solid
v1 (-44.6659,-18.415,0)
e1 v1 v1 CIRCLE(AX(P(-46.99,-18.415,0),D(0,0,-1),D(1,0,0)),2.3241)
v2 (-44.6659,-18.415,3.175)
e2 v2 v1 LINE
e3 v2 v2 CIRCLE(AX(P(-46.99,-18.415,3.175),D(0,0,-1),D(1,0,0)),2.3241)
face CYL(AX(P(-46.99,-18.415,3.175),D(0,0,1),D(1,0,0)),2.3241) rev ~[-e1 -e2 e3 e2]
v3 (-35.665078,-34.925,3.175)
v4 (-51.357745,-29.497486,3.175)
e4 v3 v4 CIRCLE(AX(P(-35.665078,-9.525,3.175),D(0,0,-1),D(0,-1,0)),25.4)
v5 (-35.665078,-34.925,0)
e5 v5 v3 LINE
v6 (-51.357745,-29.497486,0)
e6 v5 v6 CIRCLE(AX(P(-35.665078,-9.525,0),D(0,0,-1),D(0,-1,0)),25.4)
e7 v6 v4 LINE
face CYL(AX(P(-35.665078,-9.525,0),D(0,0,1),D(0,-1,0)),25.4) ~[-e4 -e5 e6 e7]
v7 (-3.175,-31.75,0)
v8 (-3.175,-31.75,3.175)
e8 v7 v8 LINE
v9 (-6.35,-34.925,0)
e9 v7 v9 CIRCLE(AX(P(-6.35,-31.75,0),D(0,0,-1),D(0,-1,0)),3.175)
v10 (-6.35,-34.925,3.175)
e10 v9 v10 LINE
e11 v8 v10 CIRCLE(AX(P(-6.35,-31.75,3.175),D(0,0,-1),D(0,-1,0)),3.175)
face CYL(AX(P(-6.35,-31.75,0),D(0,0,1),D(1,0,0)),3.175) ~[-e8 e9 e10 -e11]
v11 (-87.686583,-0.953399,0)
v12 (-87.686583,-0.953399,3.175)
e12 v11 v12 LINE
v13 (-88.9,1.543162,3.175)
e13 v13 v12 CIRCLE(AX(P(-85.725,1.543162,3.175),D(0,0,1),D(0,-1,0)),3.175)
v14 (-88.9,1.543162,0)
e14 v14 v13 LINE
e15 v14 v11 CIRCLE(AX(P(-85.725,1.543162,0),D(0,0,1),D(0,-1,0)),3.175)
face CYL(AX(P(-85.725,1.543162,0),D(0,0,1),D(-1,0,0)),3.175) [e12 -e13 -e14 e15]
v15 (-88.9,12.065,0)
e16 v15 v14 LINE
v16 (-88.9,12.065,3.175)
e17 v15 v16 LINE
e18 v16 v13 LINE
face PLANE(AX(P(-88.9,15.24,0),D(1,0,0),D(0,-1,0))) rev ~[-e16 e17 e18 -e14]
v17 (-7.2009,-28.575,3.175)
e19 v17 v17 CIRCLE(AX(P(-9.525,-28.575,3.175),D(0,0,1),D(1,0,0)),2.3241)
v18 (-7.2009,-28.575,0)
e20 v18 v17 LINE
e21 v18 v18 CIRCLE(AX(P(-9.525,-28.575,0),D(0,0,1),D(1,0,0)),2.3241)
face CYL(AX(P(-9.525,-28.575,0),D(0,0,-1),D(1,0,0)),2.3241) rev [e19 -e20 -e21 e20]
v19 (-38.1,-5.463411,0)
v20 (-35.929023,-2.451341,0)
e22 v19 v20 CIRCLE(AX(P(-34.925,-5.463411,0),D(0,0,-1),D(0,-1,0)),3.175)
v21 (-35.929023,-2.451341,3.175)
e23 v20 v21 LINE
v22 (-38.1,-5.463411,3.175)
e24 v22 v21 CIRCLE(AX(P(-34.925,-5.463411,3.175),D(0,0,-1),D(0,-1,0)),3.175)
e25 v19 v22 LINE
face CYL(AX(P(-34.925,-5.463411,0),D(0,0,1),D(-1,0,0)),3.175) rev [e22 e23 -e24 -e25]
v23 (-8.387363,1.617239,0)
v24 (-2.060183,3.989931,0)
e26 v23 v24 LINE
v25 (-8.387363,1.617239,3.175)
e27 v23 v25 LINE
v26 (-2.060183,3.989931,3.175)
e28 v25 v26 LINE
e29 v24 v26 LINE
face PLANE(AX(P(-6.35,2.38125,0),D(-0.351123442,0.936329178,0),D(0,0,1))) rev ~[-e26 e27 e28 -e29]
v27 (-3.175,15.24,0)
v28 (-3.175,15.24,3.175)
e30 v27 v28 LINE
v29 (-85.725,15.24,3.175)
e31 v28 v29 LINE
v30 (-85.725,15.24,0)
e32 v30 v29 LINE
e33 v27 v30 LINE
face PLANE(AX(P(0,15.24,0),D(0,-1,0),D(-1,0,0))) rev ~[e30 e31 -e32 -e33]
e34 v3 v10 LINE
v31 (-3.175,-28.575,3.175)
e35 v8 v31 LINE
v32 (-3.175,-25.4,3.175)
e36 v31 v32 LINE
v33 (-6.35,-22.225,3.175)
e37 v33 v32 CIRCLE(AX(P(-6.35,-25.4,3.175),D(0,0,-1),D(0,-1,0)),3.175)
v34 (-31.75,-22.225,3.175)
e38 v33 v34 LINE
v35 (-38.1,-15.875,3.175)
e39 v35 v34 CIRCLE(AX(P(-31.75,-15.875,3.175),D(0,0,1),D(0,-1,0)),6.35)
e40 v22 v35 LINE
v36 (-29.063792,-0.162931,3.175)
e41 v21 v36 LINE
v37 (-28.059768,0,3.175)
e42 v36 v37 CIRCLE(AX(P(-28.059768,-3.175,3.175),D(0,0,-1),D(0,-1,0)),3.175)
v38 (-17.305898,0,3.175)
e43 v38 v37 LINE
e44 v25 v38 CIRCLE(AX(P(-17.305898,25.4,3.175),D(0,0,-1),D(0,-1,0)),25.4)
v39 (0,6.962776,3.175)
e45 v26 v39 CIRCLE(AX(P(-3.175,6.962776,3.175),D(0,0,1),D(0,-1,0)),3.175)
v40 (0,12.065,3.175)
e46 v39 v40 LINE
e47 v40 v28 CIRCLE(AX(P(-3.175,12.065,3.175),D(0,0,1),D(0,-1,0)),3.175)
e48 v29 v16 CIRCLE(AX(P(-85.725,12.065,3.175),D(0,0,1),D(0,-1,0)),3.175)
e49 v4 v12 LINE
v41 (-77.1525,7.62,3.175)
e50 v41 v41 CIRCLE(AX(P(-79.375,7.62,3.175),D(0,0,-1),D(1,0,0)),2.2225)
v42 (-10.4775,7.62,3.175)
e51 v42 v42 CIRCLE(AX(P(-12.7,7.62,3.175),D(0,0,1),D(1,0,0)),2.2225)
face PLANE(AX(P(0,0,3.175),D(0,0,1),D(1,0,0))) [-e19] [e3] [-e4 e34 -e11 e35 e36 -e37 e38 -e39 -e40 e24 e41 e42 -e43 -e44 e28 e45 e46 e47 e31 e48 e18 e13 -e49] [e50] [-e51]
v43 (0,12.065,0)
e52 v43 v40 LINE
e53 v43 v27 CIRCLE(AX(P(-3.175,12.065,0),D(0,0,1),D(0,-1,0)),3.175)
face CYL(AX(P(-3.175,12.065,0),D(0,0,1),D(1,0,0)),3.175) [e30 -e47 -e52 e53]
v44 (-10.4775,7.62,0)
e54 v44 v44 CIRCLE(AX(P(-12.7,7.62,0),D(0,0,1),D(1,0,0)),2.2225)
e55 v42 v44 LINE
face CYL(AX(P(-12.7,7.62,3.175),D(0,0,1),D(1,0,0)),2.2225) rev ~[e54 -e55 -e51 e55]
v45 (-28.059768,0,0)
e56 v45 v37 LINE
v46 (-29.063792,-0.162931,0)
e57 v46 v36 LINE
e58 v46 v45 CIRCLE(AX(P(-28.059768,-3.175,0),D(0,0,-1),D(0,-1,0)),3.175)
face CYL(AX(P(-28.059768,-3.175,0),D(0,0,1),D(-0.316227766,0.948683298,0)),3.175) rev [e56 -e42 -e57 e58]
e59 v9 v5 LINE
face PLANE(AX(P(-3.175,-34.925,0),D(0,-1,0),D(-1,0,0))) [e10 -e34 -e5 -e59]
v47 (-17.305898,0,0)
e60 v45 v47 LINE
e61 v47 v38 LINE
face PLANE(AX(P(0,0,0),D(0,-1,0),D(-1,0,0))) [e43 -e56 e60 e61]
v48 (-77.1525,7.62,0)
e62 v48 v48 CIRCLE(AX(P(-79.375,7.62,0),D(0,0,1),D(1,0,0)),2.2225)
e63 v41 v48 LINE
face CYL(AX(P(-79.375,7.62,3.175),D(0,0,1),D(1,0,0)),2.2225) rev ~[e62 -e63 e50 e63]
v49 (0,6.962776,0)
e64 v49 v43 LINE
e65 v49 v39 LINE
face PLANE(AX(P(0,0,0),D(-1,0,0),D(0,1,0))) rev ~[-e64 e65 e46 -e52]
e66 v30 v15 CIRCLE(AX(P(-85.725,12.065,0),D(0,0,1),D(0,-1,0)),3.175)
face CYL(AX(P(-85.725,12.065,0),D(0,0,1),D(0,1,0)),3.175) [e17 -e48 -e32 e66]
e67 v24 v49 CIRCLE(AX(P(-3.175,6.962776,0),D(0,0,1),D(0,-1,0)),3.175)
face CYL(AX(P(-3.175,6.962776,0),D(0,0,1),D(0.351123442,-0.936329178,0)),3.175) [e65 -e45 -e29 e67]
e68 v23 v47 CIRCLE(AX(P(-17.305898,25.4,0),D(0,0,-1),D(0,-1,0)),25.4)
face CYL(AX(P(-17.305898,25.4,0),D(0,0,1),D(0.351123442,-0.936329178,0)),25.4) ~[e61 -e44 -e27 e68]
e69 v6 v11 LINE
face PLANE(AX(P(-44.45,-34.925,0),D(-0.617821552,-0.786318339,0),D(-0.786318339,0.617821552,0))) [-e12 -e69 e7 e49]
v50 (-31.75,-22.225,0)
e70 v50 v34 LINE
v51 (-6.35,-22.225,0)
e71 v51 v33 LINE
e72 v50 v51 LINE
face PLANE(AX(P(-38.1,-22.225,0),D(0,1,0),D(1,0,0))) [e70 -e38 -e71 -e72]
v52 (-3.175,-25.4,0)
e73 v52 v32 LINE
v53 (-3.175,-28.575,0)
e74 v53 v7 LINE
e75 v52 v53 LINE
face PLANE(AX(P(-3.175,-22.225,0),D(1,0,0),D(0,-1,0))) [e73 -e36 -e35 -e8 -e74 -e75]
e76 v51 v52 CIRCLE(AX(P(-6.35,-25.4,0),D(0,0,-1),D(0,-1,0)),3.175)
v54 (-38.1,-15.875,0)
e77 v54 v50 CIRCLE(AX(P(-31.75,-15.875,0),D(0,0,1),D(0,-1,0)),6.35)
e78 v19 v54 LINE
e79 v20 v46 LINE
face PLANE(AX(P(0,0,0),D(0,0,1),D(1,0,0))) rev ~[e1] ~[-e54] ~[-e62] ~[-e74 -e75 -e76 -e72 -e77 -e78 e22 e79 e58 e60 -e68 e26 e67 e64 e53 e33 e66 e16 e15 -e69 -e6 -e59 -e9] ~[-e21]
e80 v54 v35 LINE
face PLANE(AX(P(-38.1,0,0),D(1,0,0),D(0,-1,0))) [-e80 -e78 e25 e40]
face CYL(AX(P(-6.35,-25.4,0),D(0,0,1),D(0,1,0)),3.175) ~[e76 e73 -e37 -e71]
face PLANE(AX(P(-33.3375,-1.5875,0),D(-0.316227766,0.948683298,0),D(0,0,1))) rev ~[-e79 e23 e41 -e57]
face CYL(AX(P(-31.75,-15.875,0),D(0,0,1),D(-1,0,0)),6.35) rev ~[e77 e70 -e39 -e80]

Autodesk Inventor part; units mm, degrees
ref_plane "YZ Plane" through (0, 0, 0) normal (1, 0, 0) x (0, 1, 0)
ref_plane "XZ Plane" through (0, 0, 0) normal (0, 1, 0) x (-1, 0, 0)
ref_plane "XY Plane" through (0, 0, 0) normal (0, 0, 1) x (1, 0, 0)
sketch "Sketch1" plane through (0, 0, 0) normal (0, 0, 1) x (1, 0, 0)
  line L0 (0, 0) -> (-88.9, 0)
  line L1 (0, 0) -> (0, 15.24)
  line L2 (0, 15.24) -> (-88.9, 15.24)
  line L3 (-88.9, 15.24) -> (-88.9, 0)
  line L4 (0, 0) -> (-44.45, 0)
  line L5 (-44.45, 0) -> (-44.45, -22.225)
  line L6 (0, 0) -> (-31.75, 0)
  line L7 (-31.75, 0) -> (-31.75, -22.225)
  line L8 (-44.45, -22.225) -> (-31.75, -22.225)
  line L9 (-31.75, -22.225) -> (0, -22.225)
  line L10 (0, -22.225) -> (0, -34.925)
  line L11 (0, -34.925) -> (-44.45, -34.925)
  line L12 (-44.45, -34.925) -> (-88.9, 0)
  line L13 (0, -28.575) -> (-9.525, -28.575)
  circle A0 centre (-9.525, -28.575) radius 2.3241
  line L14 (-49.0828, -48.0247) -> (-25.6113, -57.7328)
  line L15 (-44.45, 0) -> (-38.1, 0)
  line L16 (-38.1, 0) -> (-38.1, -22.225)
  line L17 (0, -28.575) -> (-3.175, -28.575)
  line L18 (-3.175, -22.225) -> (-3.175, -34.925)
  dimension "d0" = 88.9
  dimension "d1" = 15.24
  dimension "d2" = 44.45
  dimension "d3" = 22.225
  dimension "d4" = 31.75
  dimension "d5" = 12.7
  dimension "d6" = 9.525
  dimension "d7" = 4.6482
  dimension "d8" = 25.4
  dimension "d13" = 3.175
extrude "Extrusion1" add sketch "Sketch1" along normal blind 3.175
extrude "Extrusion2" cut sketch "Sketch1" along normal blind 3.175 contours L7 L8 L16 L0
extrude "Extrusion3" cut sketch "Sketch1" along normal blind 3.175 contours L9 L10 L13 L18 | L13 L10 L11 L18
fillet "Fillet1" radius 3.175 2 edges at (-3.175, -22.225, 1.5875) (-3.175, -34.925, 1.5875)
chamfer "Chamfer1" distance 3.175 distance2 9.525 1 edges at (-38.1, 0, 1.5875) measured on face at (-38.1, -7.4083, 2.1167)
fillet "Fillet2" radius 3.175 2 edges at (-38.1, -3.175, 1.5875) (-28.575, 0, 1.5875)
fillet "Fillet3" radius 6.35 1 edges at (-38.1, -22.225, 1.5875)
fillet "Fillet4" radius 25.4 1 edges at (-44.45, -34.925, 1.5875)
sketch "Sketch2" plane through (0, 0, 3.175) normal (0, 0, 1) x (1, 0, 0)
  circle A0 centre (-9.525, -28.575) radius 2.3241 projected
  arc A1 (-51.3577, -29.4975) -> (-35.6651, -34.925) centre (-35.6651, -9.525) ccw projected
  line L0 (-35.6651, -34.925) -> (-6.35, -34.925) projected
  arc A2 (-6.35, -34.925) -> (-3.175, -31.75) centre (-6.35, -31.75) ccw projected
  line L1 (-3.175, -31.75) -> (-3.175, -25.4) projected
  arc A3 (-3.175, -25.4) -> (-6.35, -22.225) centre (-6.35, -25.4) ccw projected
  line L2 (-6.35, -22.225) -> (-31.75, -22.225) projected
  arc A4 (-38.1, -15.875) -> (-31.75, -22.225) centre (-31.75, -15.875) ccw projected
  line L3 (-38.1, -15.875) -> (-38.1, -5.4634) projected
  arc A5 (-35.929, -2.4513) -> (-38.1, -5.4634) centre (-34.925, -5.4634) ccw projected
  line L4 (-29.0638, -0.1629) -> (-35.929, -2.4513) projected
  arc A6 (-28.0598, 0) -> (-29.0638, -0.1629) centre (-28.0598, -3.175) ccw projected
  line L5 (-28.0598, 0) -> (0, 0) projected
  line L6 (0, 0) -> (0, 15.24) projected
  line L7 (0, 15.24) -> (-88.9, 15.24) projected
  line L8 (-88.9, 15.24) -> (-88.9, 0) projected
  line L9 (-88.9, 0) -> (-51.3577, -29.4975) projected
  line L10 (0, 0) -> (0, 15.24) projected
  line L11 (0, 7.62) -> (-12.7, 7.62)
  circle A7 centre (-12.7, 7.62) radius 2.2225
  line L12 (-88.9, 7.62) -> (-79.375, 7.62)
  circle A8 centre (-79.375, 7.62) radius 2.2225
  dimension "d23" = 4.445
  dimension "d24" = 9.525
  dimension "d25" = 4.445
  dimension "d28" = 12.7
extrude "Extrusion4" cut sketch "Sketch2" against normal blind 3.175 contours A7 | A8
chamfer "Chamfer2" distance 12.7 distance2 4.7625 1 edges at (0, 0, 1.5875) measured on face at (-18.7065, 0, 2.1167)
fillet "Fillet5" radius 25.4 1 edges at (-12.7, 0, 1.5875)
fillet "Fillet6" radius 3.175 1 edges at (0, 4.7625, 1.5875)
fillet "Fillet7" radius 3.175 1 edges at (0, 15.24, 1.5875)
fillet "Fillet8" radius 3.175 2 edges at (-88.9, 15.24, 1.5875) (-88.9, 0, 1.5875)
sketch "Sketch3" plane through (0, 0, 3.175) normal (0, 0, 1) x (1, 0, 0)
  arc A0 (-88.9, 1.5432) -> (-87.6866, -0.9534) centre (-85.725, 1.5432) ccw projected
  line L0 (-87.6866, -0.9534) -> (-51.3577, -29.4975) projected
  arc A1 (-51.3577, -29.4975) -> (-35.6651, -34.925) centre (-35.6651, -9.525) ccw projected
  line L1 (-35.6651, -34.925) -> (-6.35, -34.925) projected
  arc A2 (-6.35, -34.925) -> (-3.175, -31.75) centre (-6.35, -31.75) ccw projected
  line L2 (-3.175, -31.75) -> (-3.175, -25.4) projected
  arc A3 (-3.175, -25.4) -> (-6.35, -22.225) centre (-6.35, -25.4) ccw projected
  line L3 (-6.35, -22.225) -> (-31.75, -22.225) projected
  arc A4 (-38.1, -15.875) -> (-31.75, -22.225) centre (-31.75, -15.875) ccw projected
  line L4 (-38.1, -15.875) -> (-38.1, -5.4634) projected
  arc A5 (-35.929, -2.4513) -> (-38.1, -5.4634) centre (-34.925, -5.4634) ccw projected
  line L5 (-29.0638, -0.1629) -> (-35.929, -2.4513) projected
  arc A6 (-28.0598, 0) -> (-29.0638, -0.1629) centre (-28.0598, -3.175) ccw projected
  line L6 (-28.0598, 0) -> (-17.3059, 0) projected
  arc A7 (-17.3059, 0) -> (-8.3874, 1.6172) centre (-17.3059, 25.4) ccw projected
  line L7 (-2.0602, 3.9899) -> (-8.3874, 1.6172) projected
  arc A8 (-2.0602, 3.9899) -> (0, 6.9628) centre (-3.175, 6.9628) ccw projected
  line L8 (0, 6.9628) -> (0, 12.065) projected
  arc A9 (0, 12.065) -> (-3.175, 15.24) centre (-3.175, 12.065) ccw projected
  line L9 (-3.175, 15.24) -> (-85.725, 15.24) projected
  arc A10 (-85.725, 15.24) -> (-88.9, 12.065) centre (-85.725, 12.065) ccw projected
  line L10 (-88.9, 12.065) -> (-88.9, 1.5432) projected
  circle A11 centre (-12.7, 7.62) radius 2.2225 projected
  circle A12 centre (-79.375, 7.62) radius 2.2225 projected
  circle A13 centre (-9.525, -28.575) radius 2.3241 projected
  line L11 (-9.525, -28.575) -> (-46.99, -28.575)
  line L12 (-46.99, -28.575) -> (-46.99, -18.415)
  circle A14 centre (-46.99, -18.415) radius 2.3241
  point P0 (0, 0)
  dimension "d36" = 37.465
  dimension "d37" = 10.16
  dimension "d38" = 4.6482
extrude "Extrusion5" cut sketch "Sketch3" against normal blind 25.4 contours A14
properties part number "Goal Jaw Chassis"
